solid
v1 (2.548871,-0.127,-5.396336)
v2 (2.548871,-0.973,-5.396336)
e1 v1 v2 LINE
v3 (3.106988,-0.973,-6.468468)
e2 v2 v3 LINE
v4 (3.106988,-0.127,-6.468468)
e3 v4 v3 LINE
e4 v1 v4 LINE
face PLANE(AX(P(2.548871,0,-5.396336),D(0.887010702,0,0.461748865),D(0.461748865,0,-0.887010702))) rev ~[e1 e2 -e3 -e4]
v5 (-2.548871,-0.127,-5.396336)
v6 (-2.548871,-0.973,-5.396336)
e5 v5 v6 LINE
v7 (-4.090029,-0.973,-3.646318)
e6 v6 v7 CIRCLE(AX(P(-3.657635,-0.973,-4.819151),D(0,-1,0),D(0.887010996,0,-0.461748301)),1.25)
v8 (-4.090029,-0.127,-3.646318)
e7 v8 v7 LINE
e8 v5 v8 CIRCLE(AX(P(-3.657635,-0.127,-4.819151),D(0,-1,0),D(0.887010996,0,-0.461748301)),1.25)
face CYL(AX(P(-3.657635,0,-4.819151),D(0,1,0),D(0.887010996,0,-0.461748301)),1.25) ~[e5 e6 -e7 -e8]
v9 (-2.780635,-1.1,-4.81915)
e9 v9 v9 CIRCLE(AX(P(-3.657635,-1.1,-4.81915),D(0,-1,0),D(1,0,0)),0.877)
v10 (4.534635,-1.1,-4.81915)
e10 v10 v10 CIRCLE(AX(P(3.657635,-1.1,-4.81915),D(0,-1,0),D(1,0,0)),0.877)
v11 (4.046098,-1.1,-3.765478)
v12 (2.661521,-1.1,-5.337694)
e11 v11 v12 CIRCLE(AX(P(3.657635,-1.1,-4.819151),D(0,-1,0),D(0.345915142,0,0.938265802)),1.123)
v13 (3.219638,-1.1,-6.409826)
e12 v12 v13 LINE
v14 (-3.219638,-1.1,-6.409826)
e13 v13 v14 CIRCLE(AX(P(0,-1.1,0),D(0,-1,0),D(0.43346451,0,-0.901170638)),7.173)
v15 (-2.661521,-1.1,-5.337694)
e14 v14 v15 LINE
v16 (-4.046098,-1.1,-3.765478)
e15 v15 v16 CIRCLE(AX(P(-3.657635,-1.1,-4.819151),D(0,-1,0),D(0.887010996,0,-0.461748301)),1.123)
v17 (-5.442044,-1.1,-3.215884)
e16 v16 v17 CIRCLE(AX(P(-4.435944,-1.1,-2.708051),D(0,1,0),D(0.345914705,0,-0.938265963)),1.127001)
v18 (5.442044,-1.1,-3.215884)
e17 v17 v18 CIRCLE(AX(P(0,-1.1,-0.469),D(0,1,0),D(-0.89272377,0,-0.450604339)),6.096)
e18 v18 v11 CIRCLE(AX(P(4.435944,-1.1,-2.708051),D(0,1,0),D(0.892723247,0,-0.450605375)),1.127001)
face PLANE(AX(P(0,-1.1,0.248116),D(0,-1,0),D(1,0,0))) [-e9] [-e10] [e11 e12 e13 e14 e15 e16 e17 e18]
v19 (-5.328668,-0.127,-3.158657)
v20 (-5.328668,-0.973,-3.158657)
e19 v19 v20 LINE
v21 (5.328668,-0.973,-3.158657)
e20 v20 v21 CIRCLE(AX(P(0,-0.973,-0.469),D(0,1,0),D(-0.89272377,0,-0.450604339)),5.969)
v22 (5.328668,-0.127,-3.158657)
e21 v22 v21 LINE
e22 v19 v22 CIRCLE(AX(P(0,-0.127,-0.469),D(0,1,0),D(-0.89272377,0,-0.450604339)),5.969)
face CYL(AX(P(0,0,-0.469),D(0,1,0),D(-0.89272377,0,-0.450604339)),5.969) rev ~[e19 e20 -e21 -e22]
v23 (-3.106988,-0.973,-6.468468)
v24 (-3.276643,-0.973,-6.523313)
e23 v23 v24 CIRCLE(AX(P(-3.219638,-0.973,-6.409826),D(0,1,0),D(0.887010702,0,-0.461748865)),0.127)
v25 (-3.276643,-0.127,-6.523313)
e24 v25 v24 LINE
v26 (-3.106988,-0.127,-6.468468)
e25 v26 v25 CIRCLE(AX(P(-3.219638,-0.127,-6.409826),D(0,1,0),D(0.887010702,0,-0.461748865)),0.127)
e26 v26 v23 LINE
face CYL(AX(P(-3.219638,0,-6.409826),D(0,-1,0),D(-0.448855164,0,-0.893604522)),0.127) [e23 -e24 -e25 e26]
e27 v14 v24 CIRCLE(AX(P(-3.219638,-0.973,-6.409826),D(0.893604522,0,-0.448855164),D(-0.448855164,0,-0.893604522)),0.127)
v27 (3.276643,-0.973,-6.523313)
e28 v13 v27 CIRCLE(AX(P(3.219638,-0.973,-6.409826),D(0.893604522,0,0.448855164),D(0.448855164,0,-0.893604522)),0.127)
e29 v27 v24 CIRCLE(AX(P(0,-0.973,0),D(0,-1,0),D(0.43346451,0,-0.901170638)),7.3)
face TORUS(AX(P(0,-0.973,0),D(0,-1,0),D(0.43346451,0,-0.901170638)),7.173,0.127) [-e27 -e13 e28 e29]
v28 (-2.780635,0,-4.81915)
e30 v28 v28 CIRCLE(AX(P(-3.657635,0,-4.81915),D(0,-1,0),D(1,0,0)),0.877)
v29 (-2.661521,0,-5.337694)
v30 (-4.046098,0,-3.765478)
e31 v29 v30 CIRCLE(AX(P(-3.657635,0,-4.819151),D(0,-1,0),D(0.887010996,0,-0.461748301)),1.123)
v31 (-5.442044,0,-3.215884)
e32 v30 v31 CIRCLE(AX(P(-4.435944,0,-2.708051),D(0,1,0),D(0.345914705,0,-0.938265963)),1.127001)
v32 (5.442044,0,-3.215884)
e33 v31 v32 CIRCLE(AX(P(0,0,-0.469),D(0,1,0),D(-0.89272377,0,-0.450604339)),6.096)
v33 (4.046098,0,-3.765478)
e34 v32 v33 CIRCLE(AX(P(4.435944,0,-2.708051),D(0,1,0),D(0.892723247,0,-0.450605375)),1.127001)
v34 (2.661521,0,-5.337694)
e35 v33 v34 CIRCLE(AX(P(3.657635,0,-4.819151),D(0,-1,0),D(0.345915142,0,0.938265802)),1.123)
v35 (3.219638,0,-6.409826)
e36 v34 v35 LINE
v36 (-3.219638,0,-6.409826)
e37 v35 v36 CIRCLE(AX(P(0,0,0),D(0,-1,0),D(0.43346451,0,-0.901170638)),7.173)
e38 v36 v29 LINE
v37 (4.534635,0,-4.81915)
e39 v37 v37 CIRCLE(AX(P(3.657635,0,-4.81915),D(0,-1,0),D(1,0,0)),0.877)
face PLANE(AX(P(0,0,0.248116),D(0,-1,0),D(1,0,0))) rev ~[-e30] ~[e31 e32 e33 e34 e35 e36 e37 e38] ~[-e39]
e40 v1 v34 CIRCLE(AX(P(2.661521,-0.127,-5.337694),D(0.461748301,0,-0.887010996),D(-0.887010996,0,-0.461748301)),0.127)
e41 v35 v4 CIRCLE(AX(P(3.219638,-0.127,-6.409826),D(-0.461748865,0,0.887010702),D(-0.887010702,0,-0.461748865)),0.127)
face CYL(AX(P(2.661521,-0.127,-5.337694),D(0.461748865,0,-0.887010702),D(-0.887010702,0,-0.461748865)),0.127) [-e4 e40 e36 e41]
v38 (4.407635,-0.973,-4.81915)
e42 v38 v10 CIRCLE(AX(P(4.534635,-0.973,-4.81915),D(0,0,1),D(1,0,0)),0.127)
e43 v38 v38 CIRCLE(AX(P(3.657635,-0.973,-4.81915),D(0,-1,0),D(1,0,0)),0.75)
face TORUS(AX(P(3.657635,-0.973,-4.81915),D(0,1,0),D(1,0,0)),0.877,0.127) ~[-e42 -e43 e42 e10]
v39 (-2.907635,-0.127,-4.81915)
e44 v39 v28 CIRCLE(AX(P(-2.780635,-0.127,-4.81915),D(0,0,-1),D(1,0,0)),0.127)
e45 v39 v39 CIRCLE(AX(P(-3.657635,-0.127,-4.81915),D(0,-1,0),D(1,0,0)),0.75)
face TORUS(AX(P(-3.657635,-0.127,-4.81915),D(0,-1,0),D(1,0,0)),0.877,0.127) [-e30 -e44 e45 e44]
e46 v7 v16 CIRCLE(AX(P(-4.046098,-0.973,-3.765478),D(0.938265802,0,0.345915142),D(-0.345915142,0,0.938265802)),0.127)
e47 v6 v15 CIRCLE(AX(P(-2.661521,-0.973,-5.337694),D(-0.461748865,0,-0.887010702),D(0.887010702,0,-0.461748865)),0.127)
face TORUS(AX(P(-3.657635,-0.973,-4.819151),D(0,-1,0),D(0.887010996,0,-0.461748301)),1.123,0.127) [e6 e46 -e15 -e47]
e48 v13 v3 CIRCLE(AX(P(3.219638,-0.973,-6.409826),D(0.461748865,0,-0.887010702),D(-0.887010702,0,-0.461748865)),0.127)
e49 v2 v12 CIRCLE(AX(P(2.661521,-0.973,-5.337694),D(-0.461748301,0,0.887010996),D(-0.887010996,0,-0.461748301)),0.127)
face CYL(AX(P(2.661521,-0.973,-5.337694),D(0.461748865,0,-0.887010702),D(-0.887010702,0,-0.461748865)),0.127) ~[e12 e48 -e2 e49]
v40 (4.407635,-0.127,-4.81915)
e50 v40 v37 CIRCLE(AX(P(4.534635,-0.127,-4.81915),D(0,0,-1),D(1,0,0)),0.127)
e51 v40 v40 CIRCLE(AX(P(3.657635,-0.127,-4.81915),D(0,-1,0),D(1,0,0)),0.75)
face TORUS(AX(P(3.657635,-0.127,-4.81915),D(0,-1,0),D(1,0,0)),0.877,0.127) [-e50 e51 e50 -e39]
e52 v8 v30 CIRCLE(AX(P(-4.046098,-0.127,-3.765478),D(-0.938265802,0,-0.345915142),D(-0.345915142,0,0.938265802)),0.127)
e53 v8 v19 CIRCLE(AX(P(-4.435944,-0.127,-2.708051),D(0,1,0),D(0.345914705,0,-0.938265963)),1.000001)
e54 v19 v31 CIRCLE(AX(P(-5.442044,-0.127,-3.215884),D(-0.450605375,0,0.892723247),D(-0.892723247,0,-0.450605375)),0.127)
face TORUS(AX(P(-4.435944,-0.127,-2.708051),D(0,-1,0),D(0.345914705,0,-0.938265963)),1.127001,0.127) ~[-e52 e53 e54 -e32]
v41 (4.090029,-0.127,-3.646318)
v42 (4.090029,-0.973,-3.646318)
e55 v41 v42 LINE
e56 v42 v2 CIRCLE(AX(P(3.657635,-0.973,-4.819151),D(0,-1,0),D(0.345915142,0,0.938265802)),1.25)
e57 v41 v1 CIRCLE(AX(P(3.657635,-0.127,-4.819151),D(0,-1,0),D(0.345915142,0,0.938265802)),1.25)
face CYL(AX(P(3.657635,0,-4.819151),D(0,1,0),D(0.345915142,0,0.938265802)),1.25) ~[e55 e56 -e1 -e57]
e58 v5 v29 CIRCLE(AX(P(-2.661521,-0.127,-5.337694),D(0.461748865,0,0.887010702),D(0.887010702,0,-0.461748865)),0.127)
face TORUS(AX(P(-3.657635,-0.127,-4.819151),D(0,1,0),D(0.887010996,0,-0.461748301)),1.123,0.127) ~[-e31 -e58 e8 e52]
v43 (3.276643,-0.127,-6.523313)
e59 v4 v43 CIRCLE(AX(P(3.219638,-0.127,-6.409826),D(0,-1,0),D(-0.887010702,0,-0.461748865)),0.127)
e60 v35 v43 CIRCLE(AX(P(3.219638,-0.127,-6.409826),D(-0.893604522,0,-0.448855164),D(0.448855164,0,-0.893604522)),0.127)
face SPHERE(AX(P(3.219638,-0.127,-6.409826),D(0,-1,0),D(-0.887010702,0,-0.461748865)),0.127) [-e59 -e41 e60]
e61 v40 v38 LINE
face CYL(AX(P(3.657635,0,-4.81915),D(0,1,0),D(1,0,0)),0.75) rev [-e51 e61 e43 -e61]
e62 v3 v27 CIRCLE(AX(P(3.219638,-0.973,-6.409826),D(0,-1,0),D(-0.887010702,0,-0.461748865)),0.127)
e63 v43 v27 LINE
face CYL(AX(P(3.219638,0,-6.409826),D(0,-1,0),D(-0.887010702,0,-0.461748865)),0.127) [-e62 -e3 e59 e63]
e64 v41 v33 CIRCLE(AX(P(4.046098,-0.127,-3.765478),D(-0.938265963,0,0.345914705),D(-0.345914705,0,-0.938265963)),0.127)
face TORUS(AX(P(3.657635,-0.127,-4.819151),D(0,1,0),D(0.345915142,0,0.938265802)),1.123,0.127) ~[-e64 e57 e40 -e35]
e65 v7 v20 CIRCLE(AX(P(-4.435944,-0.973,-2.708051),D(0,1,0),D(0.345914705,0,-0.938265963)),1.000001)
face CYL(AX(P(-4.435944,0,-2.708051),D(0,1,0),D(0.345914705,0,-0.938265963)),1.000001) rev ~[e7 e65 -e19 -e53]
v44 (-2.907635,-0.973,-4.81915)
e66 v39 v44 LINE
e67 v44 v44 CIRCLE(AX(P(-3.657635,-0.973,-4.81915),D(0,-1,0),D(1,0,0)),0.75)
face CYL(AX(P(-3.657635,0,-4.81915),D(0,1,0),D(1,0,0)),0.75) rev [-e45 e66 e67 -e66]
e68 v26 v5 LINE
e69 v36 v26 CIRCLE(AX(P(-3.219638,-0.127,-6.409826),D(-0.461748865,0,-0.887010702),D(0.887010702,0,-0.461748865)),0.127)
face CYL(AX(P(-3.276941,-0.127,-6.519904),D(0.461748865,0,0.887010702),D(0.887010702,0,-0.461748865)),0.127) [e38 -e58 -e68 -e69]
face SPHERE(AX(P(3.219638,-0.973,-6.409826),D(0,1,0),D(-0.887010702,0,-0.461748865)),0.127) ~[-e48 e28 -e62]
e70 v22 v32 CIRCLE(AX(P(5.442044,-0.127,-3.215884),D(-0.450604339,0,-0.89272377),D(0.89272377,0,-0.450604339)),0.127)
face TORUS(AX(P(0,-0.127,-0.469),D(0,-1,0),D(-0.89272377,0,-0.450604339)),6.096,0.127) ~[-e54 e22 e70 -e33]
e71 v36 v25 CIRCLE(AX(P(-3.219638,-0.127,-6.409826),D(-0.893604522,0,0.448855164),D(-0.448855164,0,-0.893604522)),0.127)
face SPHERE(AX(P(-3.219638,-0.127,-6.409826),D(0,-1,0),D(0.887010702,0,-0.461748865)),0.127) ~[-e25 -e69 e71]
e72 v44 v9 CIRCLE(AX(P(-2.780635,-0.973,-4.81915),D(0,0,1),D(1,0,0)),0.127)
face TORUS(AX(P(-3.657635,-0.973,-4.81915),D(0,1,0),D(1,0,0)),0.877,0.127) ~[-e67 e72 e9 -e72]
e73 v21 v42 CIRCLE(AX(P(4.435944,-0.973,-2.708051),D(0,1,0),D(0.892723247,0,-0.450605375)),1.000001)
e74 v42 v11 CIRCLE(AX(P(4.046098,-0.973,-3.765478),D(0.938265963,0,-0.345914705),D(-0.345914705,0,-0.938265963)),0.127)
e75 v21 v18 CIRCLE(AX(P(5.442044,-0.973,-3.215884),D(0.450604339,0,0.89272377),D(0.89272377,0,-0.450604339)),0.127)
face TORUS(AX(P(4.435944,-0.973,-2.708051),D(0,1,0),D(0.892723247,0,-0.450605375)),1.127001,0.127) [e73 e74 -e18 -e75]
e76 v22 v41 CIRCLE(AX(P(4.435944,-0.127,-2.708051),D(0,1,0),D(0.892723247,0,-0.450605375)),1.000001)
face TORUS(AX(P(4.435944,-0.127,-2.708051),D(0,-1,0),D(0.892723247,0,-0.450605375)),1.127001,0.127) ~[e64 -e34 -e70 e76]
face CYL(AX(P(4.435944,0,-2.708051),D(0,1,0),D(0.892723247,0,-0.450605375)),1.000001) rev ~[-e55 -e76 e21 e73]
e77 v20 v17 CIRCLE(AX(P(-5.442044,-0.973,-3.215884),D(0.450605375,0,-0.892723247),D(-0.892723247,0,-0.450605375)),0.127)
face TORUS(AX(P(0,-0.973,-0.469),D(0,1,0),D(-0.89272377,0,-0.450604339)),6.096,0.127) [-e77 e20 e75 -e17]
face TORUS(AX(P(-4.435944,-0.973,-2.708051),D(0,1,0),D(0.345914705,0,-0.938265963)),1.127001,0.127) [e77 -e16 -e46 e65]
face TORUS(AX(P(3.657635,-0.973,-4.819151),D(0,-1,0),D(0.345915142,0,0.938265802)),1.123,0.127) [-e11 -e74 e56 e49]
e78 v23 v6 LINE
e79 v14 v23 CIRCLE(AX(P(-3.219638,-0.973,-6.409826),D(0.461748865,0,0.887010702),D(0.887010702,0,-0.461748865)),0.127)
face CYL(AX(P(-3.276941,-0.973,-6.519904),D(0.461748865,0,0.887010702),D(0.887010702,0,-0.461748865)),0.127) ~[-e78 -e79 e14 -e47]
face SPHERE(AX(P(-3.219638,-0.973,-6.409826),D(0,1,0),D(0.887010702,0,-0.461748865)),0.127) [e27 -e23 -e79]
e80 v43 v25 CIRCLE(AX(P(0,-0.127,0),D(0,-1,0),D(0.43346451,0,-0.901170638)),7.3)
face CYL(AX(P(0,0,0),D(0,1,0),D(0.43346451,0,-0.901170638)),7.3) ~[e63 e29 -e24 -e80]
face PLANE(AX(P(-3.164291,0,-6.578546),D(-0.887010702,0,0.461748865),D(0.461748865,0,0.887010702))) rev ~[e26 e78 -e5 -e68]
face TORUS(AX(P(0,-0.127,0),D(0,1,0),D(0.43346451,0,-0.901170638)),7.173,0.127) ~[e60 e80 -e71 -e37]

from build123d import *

# Parameters (mm, degrees)
F0_R     = 0.75
F1_DEPTH = 1.1
F2_R     = 0.127


with BuildPart() as f1:
    # F0 (on Front) → F1 (new body)
    with BuildSketch(Plane.XZ):
        with BuildLine():
            Line((2.548871, -5.396336), (3.164291, -6.578546))
            ThreePointArc((3.164291, -6.578546), (0, 7.3), (-3.164291, -6.578546))
            Line((-3.164291, -6.578546), (-2.548871, -5.396336))
            ThreePointArc((-2.548871, -5.396336), (-2.719547, -3.99302), (-4.090029, -3.646318))
            ThreePointArc((-4.090029, -3.646318), (-4.802282, -3.638534), (-5.328668, -3.158657))
            ThreePointArc((-5.328668, -3.158657), (0, 5.5), (5.328668, -3.158657))
            ThreePointArc((5.328668, -3.158657), (4.802282, -3.638534), (4.090029, -3.646318))
            ThreePointArc((4.090029, -3.646318), (2.719547, -3.99302), (2.548871, -5.396336))
        make_face()
        with Locations((-3.657635, -4.81915)):
            Circle(F0_R, mode=Mode.SUBTRACT)
        with Locations((3.657635, -4.81915)):
            Circle(F0_R, mode=Mode.SUBTRACT)
    extrude(amount=F1_DEPTH)

    # F2
    f2_edges = [f1.edges().sort_by_distance(p)[0] for p in [
        (0, -1.1, 5.5),
        (4.802282, -1.1, -3.638534),
        (2.719547, -1.1, -3.99302),
        (2.856581, -1.1, -5.987441),
        (0, -1.1, 7.3),
        (-2.856581, -1.1, -5.987441),
        (-2.719547, -1.1, -3.99302),
        (-4.802282, -1.1, -3.638534),
        (-4.407635, -1.1, -4.81915),
        (2.907635, -1.1, -4.81915),
        (0, 0, 5.5),
        (4.802282, 0, -3.638534),
        (2.719547, 0, -3.99302),
        (2.856581, 0, -5.987441),
        (0, 0, 7.3),
        (-2.856581, 0, -5.987441),
        (-2.719547, 0, -3.99302),
        (-4.802282, 0, -3.638534),
        (-4.407635, 0, -4.81915),
        (2.907635, 0, -4.81915),
        (-3.164291, -0.55, -6.578546),
        (3.164291, -0.55, -6.578546),
    ]]
    fillet(f2_edges, radius=F2_R)


solid = f1.part
